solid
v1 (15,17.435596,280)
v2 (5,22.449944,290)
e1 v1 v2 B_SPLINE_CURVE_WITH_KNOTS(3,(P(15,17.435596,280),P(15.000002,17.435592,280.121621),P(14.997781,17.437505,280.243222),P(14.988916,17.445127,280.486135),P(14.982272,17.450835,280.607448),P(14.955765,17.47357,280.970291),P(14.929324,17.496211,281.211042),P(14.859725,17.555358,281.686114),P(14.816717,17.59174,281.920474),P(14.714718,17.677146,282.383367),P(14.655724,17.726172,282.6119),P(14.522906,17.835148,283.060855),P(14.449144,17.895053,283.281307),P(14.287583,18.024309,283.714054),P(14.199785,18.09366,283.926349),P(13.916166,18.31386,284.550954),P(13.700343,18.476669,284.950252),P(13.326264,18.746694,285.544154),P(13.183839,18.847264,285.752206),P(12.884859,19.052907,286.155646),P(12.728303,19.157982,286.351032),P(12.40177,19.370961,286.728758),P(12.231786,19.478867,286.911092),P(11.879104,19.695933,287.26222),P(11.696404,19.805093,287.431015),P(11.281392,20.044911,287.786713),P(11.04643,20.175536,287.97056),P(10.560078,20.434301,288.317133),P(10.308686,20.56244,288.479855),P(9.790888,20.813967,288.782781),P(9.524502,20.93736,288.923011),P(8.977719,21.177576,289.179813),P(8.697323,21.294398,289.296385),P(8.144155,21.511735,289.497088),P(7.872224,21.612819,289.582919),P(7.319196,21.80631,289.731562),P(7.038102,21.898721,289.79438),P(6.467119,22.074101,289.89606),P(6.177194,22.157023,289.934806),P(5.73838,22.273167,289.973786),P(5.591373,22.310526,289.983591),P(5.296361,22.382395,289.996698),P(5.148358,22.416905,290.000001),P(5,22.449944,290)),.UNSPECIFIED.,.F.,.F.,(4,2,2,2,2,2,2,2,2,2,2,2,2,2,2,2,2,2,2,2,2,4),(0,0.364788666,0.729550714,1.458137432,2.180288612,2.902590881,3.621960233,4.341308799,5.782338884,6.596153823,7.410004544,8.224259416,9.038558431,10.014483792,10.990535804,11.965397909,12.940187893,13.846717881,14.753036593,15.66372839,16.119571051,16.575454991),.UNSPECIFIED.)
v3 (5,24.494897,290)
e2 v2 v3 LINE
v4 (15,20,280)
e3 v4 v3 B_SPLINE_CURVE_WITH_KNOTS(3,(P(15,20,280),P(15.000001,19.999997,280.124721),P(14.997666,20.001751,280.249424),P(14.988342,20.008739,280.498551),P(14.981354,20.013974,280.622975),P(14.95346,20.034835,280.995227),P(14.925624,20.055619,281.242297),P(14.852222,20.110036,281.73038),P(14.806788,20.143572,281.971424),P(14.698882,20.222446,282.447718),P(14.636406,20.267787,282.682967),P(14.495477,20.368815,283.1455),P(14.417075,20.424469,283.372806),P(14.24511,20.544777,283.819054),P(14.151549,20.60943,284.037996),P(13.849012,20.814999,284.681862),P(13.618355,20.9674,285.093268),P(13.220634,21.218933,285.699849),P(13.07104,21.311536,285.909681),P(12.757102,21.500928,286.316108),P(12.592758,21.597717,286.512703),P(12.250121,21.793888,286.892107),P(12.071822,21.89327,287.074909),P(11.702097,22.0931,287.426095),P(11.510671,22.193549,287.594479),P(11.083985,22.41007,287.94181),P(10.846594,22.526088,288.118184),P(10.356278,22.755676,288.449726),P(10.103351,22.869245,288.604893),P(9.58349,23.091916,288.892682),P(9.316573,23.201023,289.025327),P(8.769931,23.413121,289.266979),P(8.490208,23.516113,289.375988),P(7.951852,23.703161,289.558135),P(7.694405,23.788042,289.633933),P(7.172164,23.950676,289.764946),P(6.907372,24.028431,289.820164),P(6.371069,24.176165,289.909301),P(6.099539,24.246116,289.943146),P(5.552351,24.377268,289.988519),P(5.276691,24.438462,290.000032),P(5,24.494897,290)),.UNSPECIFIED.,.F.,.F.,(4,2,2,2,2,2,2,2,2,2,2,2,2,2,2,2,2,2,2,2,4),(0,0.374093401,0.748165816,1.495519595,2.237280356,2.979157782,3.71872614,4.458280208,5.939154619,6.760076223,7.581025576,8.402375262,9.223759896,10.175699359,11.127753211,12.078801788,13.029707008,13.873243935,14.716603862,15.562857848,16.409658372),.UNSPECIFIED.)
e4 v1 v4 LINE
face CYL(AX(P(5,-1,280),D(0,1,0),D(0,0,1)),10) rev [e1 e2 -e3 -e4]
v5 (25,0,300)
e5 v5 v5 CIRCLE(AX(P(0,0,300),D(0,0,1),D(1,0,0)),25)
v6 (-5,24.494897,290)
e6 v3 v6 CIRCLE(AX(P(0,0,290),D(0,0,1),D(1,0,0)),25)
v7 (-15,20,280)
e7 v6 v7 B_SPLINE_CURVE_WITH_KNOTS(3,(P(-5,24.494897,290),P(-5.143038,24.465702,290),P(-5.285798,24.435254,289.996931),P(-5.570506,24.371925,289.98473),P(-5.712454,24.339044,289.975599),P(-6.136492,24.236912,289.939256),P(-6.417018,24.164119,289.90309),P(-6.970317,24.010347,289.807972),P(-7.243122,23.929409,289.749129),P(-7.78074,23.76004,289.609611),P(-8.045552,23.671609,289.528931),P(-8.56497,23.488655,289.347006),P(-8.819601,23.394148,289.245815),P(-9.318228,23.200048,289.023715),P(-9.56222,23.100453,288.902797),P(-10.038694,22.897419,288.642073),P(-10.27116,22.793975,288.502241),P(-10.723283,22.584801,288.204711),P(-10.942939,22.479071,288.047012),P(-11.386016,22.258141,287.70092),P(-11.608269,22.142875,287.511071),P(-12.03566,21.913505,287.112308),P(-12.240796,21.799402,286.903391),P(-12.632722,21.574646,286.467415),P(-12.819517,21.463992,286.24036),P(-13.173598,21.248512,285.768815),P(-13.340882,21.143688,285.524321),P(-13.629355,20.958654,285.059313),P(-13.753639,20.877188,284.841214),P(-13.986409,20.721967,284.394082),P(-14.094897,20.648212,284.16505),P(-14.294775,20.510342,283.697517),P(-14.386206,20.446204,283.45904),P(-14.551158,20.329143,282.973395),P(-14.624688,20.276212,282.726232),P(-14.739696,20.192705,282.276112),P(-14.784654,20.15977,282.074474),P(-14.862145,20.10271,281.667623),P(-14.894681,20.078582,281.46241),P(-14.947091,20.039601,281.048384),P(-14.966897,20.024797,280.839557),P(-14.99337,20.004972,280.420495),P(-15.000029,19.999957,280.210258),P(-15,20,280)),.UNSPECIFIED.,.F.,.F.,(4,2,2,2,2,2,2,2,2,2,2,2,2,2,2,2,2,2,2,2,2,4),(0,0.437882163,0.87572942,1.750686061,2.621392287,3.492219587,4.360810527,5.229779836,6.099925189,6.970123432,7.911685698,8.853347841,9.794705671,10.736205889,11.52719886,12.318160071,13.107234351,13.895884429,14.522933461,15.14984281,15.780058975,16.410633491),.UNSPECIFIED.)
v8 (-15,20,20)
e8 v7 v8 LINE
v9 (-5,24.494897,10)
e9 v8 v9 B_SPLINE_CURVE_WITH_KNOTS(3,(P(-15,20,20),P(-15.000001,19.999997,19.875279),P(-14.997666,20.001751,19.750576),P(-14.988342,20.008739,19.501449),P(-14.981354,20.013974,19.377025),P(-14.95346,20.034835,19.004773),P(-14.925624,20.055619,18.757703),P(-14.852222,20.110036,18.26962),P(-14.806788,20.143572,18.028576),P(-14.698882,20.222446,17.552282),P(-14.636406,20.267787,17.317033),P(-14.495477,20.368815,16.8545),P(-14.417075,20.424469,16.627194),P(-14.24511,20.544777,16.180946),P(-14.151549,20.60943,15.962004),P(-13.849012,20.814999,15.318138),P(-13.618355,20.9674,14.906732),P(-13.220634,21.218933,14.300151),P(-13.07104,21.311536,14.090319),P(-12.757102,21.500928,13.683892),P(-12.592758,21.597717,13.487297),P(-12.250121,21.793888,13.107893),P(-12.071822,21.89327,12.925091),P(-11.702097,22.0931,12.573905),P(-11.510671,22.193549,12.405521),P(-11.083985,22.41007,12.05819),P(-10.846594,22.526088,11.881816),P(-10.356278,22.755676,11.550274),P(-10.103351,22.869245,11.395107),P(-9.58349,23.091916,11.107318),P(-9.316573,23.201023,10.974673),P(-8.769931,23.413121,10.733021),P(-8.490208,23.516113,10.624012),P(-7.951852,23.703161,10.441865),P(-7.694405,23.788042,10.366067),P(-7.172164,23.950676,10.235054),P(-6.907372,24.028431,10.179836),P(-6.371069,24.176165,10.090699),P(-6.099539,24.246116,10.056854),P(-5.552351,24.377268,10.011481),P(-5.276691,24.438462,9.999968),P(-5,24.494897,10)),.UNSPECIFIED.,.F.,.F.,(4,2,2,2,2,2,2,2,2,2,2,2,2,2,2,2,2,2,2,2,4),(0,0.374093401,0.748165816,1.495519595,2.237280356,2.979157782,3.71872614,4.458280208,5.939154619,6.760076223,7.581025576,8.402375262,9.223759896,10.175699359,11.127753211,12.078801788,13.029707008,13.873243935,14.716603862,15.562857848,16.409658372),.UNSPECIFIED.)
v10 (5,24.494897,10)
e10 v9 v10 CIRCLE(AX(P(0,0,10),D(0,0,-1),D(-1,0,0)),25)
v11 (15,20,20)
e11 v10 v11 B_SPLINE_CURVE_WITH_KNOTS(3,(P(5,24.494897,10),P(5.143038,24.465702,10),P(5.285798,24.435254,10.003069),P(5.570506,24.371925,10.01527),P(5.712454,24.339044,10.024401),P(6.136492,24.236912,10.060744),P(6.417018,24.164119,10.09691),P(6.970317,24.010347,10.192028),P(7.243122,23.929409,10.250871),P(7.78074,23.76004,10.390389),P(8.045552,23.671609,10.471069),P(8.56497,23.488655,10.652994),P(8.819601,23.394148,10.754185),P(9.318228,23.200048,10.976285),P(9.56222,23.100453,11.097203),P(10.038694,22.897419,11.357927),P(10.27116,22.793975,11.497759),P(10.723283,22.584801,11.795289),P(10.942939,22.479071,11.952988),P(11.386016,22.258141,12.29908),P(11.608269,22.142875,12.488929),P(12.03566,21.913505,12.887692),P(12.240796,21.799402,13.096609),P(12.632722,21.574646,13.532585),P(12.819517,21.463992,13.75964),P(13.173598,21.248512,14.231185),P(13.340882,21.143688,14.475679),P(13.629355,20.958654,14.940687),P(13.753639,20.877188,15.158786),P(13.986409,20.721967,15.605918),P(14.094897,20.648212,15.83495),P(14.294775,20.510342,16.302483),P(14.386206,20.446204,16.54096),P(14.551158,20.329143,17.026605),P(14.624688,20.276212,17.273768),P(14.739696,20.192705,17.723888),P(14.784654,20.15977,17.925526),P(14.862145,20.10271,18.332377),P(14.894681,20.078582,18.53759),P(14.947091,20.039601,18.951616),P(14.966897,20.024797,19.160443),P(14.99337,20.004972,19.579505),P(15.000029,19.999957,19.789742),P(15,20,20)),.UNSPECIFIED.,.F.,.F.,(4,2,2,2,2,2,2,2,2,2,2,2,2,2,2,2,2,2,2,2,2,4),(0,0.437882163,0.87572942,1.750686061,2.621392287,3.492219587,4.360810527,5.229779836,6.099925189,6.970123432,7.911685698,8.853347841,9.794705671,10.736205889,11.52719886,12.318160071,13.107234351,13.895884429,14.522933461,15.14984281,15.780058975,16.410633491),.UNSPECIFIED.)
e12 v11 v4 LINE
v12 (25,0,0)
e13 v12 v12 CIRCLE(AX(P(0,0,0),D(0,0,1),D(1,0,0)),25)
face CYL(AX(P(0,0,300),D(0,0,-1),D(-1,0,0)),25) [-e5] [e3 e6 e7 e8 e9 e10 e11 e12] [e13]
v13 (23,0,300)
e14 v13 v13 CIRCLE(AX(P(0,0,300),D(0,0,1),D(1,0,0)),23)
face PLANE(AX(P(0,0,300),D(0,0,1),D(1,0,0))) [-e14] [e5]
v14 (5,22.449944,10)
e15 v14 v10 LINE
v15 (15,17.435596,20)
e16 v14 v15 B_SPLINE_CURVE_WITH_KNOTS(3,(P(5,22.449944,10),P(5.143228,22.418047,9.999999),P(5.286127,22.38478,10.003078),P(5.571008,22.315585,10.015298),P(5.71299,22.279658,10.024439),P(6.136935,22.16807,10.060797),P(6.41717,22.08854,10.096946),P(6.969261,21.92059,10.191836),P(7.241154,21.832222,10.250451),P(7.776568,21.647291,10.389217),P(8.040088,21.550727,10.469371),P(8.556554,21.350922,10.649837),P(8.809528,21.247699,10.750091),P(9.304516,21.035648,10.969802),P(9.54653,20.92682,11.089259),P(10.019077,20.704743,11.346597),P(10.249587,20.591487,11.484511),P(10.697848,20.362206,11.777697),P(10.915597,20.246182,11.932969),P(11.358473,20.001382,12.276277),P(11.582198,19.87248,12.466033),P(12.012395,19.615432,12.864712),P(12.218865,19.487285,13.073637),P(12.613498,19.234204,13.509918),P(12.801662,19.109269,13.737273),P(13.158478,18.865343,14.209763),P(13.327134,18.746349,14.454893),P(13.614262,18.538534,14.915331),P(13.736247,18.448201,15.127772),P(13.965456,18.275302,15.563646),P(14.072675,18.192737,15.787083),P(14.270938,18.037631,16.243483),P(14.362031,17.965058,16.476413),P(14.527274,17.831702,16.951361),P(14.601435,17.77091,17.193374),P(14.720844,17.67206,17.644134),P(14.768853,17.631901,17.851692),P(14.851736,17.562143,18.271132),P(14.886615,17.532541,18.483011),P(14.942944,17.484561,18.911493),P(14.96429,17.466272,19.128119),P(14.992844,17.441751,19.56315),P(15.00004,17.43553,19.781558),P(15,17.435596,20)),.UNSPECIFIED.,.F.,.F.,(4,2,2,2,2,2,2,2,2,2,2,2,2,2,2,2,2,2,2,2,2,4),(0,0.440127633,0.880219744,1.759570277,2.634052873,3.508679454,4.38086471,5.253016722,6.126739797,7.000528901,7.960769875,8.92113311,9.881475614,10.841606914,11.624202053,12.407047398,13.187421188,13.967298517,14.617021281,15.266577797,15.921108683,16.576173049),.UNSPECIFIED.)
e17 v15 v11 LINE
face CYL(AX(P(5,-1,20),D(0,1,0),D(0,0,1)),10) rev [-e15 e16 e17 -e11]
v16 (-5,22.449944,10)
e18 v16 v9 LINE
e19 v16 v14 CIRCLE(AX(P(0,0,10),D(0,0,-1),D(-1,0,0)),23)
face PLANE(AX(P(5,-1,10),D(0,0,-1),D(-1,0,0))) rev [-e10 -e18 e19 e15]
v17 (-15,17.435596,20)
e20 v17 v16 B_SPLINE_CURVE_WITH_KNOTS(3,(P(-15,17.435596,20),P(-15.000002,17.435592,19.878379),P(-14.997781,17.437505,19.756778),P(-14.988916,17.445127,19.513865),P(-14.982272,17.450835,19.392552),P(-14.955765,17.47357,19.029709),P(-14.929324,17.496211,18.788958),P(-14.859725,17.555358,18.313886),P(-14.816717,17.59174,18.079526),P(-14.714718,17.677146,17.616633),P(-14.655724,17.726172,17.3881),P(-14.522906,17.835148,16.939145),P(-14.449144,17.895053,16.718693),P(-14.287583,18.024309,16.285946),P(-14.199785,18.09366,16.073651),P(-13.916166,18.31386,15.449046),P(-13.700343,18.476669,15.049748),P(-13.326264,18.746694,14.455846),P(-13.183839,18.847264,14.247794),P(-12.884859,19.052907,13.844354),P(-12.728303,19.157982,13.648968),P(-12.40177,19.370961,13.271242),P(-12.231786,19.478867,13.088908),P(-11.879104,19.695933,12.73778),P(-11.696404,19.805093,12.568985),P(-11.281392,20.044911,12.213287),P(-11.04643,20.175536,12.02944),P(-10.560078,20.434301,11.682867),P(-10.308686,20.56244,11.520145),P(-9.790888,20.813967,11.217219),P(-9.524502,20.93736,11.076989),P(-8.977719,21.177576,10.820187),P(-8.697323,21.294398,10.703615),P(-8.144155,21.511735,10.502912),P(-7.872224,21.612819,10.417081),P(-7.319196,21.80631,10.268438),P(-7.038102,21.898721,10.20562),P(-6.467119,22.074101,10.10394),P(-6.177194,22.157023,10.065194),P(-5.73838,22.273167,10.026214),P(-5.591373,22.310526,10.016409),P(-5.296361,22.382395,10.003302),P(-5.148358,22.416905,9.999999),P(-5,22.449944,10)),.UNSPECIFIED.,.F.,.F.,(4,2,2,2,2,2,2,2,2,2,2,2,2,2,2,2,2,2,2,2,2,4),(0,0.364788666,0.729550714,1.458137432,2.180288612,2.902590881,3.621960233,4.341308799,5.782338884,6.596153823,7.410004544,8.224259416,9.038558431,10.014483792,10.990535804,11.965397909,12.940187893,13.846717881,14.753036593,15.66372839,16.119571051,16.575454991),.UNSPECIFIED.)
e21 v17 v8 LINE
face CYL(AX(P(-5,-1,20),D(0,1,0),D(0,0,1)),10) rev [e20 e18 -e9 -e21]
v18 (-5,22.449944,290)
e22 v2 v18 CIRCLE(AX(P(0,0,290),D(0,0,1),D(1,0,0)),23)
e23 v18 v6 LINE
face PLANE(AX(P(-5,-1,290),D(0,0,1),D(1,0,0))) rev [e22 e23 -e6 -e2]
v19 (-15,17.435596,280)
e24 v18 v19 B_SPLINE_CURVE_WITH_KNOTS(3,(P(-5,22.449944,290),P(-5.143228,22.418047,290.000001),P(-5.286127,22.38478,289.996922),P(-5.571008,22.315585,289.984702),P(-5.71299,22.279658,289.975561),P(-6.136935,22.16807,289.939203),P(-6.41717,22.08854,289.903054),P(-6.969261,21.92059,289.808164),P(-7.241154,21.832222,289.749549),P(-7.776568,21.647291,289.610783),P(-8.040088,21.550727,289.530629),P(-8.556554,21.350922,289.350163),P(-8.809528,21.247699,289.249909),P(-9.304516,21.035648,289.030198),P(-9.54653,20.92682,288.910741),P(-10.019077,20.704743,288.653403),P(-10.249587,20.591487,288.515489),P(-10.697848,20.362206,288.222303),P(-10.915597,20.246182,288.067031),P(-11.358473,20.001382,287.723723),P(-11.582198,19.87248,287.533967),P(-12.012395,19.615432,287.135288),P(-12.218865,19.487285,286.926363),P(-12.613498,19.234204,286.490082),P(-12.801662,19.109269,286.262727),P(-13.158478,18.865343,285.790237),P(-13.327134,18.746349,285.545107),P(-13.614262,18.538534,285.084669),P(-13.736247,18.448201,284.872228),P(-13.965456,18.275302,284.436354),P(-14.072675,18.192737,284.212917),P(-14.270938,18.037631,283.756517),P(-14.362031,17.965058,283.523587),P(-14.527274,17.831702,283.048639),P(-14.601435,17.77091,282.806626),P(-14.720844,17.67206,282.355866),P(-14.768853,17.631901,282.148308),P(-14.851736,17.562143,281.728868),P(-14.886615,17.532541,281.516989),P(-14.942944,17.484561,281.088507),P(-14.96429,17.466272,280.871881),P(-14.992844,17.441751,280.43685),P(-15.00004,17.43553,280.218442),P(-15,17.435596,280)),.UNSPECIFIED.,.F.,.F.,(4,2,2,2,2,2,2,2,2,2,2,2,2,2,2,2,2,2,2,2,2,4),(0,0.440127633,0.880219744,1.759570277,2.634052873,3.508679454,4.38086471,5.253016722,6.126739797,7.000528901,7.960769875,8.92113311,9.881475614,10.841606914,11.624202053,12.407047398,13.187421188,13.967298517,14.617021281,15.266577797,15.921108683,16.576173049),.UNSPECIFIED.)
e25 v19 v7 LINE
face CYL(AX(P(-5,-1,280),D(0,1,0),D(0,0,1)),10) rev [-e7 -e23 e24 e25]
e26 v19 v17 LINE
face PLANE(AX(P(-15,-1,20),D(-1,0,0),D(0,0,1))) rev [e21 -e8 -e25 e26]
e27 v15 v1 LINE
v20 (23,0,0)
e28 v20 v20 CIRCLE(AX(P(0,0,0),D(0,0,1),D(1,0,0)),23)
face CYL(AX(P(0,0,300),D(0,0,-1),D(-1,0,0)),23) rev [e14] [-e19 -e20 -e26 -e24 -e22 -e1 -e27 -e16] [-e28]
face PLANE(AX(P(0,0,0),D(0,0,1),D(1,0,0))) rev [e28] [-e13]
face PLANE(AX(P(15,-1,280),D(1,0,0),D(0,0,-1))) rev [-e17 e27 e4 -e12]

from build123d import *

# Parameters (mm, degrees)
SKETCH1_R           = 25
SKETCH1_R_2         = 23
BOSS_EXTRUDE1_DEPTH = 300
CUT_EXTRUDE1_DEPTH  = 51


with BuildPart() as part:
    # Sketch1 → Boss-Extrude1 (new body)
    with BuildSketch(Plane.XY):
        Circle(SKETCH1_R)
        Circle(SKETCH1_R_2, mode=Mode.SUBTRACT)
    extrude(amount=BOSS_EXTRUDE1_DEPTH)

    # Sketch2 → Cut-Extrude1 (cut)
    with BuildSketch(Plane(origin=(0, 50, 0), x_dir=(1, 0, 0), z_dir=(0, 1, 0))):
        with BuildLine():
            Line((5, -10), (-5, -10))
            ThreePointArc((-5, -10), (-12.071067812, -12.928932188), (-15, -20))
            Line((-15, -20), (-15, -280))
            ThreePointArc((-15, -280), (-12.071067812, -287.071067812), (-5, -290))
            Line((-5, -290), (5, -290))
            ThreePointArc((5, -290), (12.071067812, -287.071067812), (15, -280))
            Line((15, -280), (15, -20))
            ThreePointArc((15, -20), (12.071067812, -12.928932188), (5, -10))
        make_face()
    extrude(amount=-CUT_EXTRUDE1_DEPTH, mode=Mode.SUBTRACT)


solid = part.part
